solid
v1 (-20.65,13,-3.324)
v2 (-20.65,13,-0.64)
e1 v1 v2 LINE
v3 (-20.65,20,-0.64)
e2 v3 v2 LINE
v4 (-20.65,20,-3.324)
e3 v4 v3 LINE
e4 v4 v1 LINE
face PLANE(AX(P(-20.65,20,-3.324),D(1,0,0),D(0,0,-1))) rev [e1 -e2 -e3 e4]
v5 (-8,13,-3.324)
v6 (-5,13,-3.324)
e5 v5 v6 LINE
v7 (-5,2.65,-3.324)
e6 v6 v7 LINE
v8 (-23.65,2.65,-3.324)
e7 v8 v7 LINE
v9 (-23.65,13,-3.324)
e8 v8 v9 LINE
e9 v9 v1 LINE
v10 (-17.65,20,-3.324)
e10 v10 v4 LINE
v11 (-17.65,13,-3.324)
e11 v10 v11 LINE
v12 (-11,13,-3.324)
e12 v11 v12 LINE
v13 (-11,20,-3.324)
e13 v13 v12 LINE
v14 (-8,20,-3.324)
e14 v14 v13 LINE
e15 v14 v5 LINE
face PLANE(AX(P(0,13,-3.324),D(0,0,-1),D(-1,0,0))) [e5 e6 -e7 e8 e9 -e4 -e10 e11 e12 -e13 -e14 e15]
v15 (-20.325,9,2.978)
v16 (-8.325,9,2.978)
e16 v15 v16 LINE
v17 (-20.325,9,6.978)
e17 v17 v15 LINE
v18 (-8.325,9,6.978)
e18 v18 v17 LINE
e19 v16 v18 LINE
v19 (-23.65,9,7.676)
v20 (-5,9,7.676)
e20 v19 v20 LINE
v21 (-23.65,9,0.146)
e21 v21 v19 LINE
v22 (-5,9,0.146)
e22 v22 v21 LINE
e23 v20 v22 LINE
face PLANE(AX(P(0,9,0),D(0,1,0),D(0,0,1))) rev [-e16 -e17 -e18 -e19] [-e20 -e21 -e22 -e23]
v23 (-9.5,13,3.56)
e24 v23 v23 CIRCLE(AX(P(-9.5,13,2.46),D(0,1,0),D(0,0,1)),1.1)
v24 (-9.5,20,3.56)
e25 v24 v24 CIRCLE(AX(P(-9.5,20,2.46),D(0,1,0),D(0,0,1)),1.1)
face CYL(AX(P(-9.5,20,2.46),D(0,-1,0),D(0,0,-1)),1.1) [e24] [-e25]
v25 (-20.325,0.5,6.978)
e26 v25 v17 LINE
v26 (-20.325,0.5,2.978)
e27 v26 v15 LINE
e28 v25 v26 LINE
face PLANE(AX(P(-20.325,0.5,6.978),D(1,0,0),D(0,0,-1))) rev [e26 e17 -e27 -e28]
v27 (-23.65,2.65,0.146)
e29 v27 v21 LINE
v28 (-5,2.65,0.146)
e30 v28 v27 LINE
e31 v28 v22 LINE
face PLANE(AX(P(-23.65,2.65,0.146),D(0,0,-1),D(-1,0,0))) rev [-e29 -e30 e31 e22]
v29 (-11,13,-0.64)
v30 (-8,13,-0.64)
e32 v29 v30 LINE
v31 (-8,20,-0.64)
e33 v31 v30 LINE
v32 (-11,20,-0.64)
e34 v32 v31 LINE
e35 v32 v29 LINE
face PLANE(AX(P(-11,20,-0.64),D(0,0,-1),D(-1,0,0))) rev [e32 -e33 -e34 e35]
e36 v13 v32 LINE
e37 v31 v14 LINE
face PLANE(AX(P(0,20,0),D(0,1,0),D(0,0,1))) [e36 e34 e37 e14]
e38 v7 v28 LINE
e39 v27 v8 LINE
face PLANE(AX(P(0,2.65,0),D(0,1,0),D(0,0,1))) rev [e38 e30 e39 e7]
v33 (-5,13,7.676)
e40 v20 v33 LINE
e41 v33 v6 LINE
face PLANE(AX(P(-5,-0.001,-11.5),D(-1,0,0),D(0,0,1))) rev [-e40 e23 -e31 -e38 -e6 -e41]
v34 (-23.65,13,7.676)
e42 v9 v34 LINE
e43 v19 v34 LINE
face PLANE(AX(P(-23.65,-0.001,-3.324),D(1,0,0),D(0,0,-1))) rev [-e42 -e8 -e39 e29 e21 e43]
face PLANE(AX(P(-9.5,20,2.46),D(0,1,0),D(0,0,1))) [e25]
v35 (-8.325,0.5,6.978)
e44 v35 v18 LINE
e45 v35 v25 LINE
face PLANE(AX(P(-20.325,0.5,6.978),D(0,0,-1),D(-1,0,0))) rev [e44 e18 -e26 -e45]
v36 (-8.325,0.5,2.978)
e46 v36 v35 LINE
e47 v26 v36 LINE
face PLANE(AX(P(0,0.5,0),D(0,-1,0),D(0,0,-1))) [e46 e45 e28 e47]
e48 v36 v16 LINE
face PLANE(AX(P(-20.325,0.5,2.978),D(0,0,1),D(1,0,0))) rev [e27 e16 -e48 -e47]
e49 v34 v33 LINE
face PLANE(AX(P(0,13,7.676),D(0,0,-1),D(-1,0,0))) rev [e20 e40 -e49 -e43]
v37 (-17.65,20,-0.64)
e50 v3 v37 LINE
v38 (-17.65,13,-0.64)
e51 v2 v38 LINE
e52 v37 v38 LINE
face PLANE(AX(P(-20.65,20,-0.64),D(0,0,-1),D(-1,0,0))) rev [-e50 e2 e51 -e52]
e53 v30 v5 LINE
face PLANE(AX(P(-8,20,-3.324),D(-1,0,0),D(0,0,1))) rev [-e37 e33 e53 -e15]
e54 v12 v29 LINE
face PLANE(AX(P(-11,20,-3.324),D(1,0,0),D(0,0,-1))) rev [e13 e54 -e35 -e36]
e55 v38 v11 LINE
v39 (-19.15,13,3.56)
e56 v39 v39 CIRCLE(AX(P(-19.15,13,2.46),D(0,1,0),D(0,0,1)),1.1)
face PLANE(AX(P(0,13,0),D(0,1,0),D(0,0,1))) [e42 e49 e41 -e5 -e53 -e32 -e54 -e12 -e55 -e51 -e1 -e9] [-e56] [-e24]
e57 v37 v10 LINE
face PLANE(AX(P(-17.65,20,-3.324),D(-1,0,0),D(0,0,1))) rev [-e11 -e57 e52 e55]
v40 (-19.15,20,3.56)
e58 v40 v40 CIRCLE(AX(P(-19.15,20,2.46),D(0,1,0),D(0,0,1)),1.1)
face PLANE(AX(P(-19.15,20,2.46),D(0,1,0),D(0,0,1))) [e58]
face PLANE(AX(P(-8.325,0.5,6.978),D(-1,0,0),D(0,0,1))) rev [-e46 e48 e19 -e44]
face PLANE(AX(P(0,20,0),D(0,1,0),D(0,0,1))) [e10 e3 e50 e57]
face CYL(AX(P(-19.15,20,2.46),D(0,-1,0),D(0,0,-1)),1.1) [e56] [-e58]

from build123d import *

# Parameters (mm, degrees)
SKETCH1_W           = 16.5
SKETCH1_H           = 11.5
SKETCH1_W_2         = 10.5
SKETCH1_H_2         = 5.5
BOSS_EXTRUDE1_DEPTH = 17
CUT_EXTRUDE1_REACH  = 28.334
SKETCH2_R           = 2.5
SKETCH3_W           = 16.5
SKETCH3_H           = 11.5
BOSS_EXTRUDE2_DEPTH = 3
BOSS_EXTRUDE3_START = -11
SKETCH4_W           = 21.75
SKETCH4_H           = 11
BOSS_EXTRUDE3_DEPTH = 4
CHAMFER1_SIZE       = 5
CHAMFER2_SIZE       = 3
SKETCH5_R           = 1.1
SKETCH5_W           = 3
SKETCH5_H           = 2.684
BOSS_EXTRUDE4_DEPTH = 7
BOSS_EXTRUDE5_DEPTH = 11
CUT_EXTRUDE2_REACH  = 41.144
SKETCH7_W           = 10.5
SKETCH7_H           = 1.5
CUT_EXTRUDE3_REACH  = 38.011
SKETCH8_W           = 21.5
SKETCH8_H           = 19.176
SKETCH8_W_2         = 4
SKETCH8_H_2         = 11
SKETCH9_W           = 12
SKETCH9_H           = 4
BOSS_EXTRUDE6_DEPTH = 8.5
SKETCH10_W          = 18.65
SKETCH10_H          = 3.47
BOSS_EXTRUDE7_DEPTH = 6.35


with BuildPart() as part:
    # Sketch1 → Boss-Extrude1 (new body)
    with BuildSketch(Plane(origin=(0, 0, 0), x_dir=(1, 0, 0), z_dir=(0, 1, 0))):
        with Locations((8.25, 5.75)):
            Rectangle(SKETCH1_W, SKETCH1_H)
        with Locations((8.25, 5.75)):
            Rectangle(SKETCH1_W_2, SKETCH1_H_2, mode=Mode.SUBTRACT)
    extrude(amount=BOSS_EXTRUDE1_DEPTH)

    # Sketch2 → Cut-Extrude1 (cut, up to next)
    with BuildSketch(Plane(origin=(0, 0, -11.5), x_dir=(-1, 0, 0), z_dir=(0, 0, -1)), mode=Mode.PRIVATE) as cut_extrude1_sk1:
        with Locations((-8.25, 10.5)):
            Circle(SKETCH2_R)
    cut_extrude1_tool1 = extrude(cut_extrude1_sk1.sketch, amount=-CUT_EXTRUDE1_REACH, mode=Mode.PRIVATE) & part.part
    add(cut_extrude1_tool1.solids().sort_by_distance((8.25, 10.5, -11.5))[0], mode=Mode.SUBTRACT)

    # Sketch3 → Boss-Extrude2 (add)
    with BuildSketch(Plane(origin=(0, 17, 0), x_dir=(1, 0, 0), z_dir=(0, 1, 0))):
        with Locations((8.25, 5.75)):
            Rectangle(SKETCH3_W, SKETCH3_H)
    extrude(amount=BOSS_EXTRUDE2_DEPTH)

    # Sketch4 → Boss-Extrude3 (add)
    with BuildSketch(Plane(origin=(0, 20, 0), x_dir=(1, 0, 0), z_dir=(0, 1, 0)).offset(BOSS_EXTRUDE3_START)):
        with Locations((-10.875, -2.176)):
            Rectangle(SKETCH4_W, SKETCH4_H)
    extrude(amount=BOSS_EXTRUDE3_DEPTH)

    # Chamfer1
    chamfer1_edges = [part.edges().sort_by_distance(p)[0] for p in [
        (0, 11, 0),
        (0, 11, -3.324),
    ]]
    chamfer(chamfer1_edges, length=CHAMFER1_SIZE)

    # Chamfer2
    chamfer2_edges = [part.edges().sort_by_distance(p)[0] for p in [
        (0, 13, -4.162),
        (0, 9, -4.162),
        (2.5, 13, 0),
        (2.5, 9, 0),
    ]]
    chamfer(chamfer2_edges, length=CHAMFER2_SIZE)

    # Sketch5 → Boss-Extrude4 (add)
    with BuildSketch(Plane(origin=(0, 13, 0), x_dir=(1, 0, 0), z_dir=(0, 1, 0))):
        with Locations(Location((-19.15, -2.46, 0), (0, 0, 270))):
            Circle(SKETCH5_R)
        with Locations(Location((-9.5, -2.46, 0), (0, 0, 270))):
            Circle(SKETCH5_R)
        with Locations((-19.15, 1.982)):
            Rectangle(SKETCH5_W, SKETCH5_H)
        with Locations((-9.5, 1.982)):
            Rectangle(SKETCH5_W, SKETCH5_H)
    extrude(amount=BOSS_EXTRUDE4_DEPTH)

    # Sketch6 → Boss-Extrude5 (add)
    with BuildSketch(Plane.XY.offset(7.676)):
        Polygon((-21.75, 13), (-24.65, 13), (-24.65, 20), (-27.65, 20), (-27.65, 9), (-21.75, 9), align=None)
    extrude(amount=-BOSS_EXTRUDE5_DEPTH)

    # Sketch7 → Cut-Extrude2 (cut, up to next)
    with BuildSketch(Plane(origin=(0, 0, -11.5), x_dir=(-1, 0, 0), z_dir=(0, 0, -1)), mode=Mode.PRIVATE) as cut_extrude2_sk1:
        with Locations((-8.25, 16.25)):
            Rectangle(SKETCH7_W, SKETCH7_H)
    cut_extrude2_tool1 = extrude(cut_extrude2_sk1.sketch, amount=-CUT_EXTRUDE2_REACH, mode=Mode.PRIVATE) & part.part
    add(cut_extrude2_tool1.solids().sort_by_distance((8.25, 16.25, -11.5))[0], mode=Mode.SUBTRACT)

    # Sketch8 → Cut-Extrude3 (cut, up to next)
    with BuildSketch(Plane(origin=(0, 20, 0), x_dir=(1, 0, 0), z_dir=(0, 1, 0)), mode=Mode.PRIVATE) as cut_extrude3_sk1:
        with Locations((5.75, 1.912)):
            Rectangle(SKETCH8_W, SKETCH8_H)
    cut_extrude3_tool1 = extrude(cut_extrude3_sk1.sketch, amount=-CUT_EXTRUDE3_REACH, mode=Mode.PRIVATE) & part.part
    # Sketch8 → Cut-Extrude3 (cut, up to next)
    with BuildSketch(Plane(origin=(0, 20, 0), x_dir=(1, 0, 0), z_dir=(0, 1, 0)), mode=Mode.PRIVATE) as cut_extrude3_sk2:
        with Locations((-25.65, -2.176)):
            Rectangle(SKETCH8_W_2, SKETCH8_H_2)
    cut_extrude3_tool2 = extrude(cut_extrude3_sk2.sketch, amount=-CUT_EXTRUDE3_REACH, mode=Mode.PRIVATE) & part.part
    add(cut_extrude3_tool1.solids().sort_by_distance((5.75, 20, -1.912))[0], mode=Mode.SUBTRACT)
    add(cut_extrude3_tool2.solids().sort_by_distance((-25.65, 20, 2.176))[0], mode=Mode.SUBTRACT)

    # Sketch9 → Boss-Extrude6 (add)
    with BuildSketch(Plane.XZ.offset(-9)):
        with Locations((-14.325, 4.978)):
            Rectangle(SKETCH9_W, SKETCH9_H)
    extrude(amount=BOSS_EXTRUDE6_DEPTH)

    # Sketch10 → Boss-Extrude7 (add)
    with BuildSketch(Plane.XZ.offset(-9)):
        with Locations((-14.325, -1.589)):
            Rectangle(SKETCH10_W, SKETCH10_H)
    extrude(amount=BOSS_EXTRUDE7_DEPTH)


solid = part.part
